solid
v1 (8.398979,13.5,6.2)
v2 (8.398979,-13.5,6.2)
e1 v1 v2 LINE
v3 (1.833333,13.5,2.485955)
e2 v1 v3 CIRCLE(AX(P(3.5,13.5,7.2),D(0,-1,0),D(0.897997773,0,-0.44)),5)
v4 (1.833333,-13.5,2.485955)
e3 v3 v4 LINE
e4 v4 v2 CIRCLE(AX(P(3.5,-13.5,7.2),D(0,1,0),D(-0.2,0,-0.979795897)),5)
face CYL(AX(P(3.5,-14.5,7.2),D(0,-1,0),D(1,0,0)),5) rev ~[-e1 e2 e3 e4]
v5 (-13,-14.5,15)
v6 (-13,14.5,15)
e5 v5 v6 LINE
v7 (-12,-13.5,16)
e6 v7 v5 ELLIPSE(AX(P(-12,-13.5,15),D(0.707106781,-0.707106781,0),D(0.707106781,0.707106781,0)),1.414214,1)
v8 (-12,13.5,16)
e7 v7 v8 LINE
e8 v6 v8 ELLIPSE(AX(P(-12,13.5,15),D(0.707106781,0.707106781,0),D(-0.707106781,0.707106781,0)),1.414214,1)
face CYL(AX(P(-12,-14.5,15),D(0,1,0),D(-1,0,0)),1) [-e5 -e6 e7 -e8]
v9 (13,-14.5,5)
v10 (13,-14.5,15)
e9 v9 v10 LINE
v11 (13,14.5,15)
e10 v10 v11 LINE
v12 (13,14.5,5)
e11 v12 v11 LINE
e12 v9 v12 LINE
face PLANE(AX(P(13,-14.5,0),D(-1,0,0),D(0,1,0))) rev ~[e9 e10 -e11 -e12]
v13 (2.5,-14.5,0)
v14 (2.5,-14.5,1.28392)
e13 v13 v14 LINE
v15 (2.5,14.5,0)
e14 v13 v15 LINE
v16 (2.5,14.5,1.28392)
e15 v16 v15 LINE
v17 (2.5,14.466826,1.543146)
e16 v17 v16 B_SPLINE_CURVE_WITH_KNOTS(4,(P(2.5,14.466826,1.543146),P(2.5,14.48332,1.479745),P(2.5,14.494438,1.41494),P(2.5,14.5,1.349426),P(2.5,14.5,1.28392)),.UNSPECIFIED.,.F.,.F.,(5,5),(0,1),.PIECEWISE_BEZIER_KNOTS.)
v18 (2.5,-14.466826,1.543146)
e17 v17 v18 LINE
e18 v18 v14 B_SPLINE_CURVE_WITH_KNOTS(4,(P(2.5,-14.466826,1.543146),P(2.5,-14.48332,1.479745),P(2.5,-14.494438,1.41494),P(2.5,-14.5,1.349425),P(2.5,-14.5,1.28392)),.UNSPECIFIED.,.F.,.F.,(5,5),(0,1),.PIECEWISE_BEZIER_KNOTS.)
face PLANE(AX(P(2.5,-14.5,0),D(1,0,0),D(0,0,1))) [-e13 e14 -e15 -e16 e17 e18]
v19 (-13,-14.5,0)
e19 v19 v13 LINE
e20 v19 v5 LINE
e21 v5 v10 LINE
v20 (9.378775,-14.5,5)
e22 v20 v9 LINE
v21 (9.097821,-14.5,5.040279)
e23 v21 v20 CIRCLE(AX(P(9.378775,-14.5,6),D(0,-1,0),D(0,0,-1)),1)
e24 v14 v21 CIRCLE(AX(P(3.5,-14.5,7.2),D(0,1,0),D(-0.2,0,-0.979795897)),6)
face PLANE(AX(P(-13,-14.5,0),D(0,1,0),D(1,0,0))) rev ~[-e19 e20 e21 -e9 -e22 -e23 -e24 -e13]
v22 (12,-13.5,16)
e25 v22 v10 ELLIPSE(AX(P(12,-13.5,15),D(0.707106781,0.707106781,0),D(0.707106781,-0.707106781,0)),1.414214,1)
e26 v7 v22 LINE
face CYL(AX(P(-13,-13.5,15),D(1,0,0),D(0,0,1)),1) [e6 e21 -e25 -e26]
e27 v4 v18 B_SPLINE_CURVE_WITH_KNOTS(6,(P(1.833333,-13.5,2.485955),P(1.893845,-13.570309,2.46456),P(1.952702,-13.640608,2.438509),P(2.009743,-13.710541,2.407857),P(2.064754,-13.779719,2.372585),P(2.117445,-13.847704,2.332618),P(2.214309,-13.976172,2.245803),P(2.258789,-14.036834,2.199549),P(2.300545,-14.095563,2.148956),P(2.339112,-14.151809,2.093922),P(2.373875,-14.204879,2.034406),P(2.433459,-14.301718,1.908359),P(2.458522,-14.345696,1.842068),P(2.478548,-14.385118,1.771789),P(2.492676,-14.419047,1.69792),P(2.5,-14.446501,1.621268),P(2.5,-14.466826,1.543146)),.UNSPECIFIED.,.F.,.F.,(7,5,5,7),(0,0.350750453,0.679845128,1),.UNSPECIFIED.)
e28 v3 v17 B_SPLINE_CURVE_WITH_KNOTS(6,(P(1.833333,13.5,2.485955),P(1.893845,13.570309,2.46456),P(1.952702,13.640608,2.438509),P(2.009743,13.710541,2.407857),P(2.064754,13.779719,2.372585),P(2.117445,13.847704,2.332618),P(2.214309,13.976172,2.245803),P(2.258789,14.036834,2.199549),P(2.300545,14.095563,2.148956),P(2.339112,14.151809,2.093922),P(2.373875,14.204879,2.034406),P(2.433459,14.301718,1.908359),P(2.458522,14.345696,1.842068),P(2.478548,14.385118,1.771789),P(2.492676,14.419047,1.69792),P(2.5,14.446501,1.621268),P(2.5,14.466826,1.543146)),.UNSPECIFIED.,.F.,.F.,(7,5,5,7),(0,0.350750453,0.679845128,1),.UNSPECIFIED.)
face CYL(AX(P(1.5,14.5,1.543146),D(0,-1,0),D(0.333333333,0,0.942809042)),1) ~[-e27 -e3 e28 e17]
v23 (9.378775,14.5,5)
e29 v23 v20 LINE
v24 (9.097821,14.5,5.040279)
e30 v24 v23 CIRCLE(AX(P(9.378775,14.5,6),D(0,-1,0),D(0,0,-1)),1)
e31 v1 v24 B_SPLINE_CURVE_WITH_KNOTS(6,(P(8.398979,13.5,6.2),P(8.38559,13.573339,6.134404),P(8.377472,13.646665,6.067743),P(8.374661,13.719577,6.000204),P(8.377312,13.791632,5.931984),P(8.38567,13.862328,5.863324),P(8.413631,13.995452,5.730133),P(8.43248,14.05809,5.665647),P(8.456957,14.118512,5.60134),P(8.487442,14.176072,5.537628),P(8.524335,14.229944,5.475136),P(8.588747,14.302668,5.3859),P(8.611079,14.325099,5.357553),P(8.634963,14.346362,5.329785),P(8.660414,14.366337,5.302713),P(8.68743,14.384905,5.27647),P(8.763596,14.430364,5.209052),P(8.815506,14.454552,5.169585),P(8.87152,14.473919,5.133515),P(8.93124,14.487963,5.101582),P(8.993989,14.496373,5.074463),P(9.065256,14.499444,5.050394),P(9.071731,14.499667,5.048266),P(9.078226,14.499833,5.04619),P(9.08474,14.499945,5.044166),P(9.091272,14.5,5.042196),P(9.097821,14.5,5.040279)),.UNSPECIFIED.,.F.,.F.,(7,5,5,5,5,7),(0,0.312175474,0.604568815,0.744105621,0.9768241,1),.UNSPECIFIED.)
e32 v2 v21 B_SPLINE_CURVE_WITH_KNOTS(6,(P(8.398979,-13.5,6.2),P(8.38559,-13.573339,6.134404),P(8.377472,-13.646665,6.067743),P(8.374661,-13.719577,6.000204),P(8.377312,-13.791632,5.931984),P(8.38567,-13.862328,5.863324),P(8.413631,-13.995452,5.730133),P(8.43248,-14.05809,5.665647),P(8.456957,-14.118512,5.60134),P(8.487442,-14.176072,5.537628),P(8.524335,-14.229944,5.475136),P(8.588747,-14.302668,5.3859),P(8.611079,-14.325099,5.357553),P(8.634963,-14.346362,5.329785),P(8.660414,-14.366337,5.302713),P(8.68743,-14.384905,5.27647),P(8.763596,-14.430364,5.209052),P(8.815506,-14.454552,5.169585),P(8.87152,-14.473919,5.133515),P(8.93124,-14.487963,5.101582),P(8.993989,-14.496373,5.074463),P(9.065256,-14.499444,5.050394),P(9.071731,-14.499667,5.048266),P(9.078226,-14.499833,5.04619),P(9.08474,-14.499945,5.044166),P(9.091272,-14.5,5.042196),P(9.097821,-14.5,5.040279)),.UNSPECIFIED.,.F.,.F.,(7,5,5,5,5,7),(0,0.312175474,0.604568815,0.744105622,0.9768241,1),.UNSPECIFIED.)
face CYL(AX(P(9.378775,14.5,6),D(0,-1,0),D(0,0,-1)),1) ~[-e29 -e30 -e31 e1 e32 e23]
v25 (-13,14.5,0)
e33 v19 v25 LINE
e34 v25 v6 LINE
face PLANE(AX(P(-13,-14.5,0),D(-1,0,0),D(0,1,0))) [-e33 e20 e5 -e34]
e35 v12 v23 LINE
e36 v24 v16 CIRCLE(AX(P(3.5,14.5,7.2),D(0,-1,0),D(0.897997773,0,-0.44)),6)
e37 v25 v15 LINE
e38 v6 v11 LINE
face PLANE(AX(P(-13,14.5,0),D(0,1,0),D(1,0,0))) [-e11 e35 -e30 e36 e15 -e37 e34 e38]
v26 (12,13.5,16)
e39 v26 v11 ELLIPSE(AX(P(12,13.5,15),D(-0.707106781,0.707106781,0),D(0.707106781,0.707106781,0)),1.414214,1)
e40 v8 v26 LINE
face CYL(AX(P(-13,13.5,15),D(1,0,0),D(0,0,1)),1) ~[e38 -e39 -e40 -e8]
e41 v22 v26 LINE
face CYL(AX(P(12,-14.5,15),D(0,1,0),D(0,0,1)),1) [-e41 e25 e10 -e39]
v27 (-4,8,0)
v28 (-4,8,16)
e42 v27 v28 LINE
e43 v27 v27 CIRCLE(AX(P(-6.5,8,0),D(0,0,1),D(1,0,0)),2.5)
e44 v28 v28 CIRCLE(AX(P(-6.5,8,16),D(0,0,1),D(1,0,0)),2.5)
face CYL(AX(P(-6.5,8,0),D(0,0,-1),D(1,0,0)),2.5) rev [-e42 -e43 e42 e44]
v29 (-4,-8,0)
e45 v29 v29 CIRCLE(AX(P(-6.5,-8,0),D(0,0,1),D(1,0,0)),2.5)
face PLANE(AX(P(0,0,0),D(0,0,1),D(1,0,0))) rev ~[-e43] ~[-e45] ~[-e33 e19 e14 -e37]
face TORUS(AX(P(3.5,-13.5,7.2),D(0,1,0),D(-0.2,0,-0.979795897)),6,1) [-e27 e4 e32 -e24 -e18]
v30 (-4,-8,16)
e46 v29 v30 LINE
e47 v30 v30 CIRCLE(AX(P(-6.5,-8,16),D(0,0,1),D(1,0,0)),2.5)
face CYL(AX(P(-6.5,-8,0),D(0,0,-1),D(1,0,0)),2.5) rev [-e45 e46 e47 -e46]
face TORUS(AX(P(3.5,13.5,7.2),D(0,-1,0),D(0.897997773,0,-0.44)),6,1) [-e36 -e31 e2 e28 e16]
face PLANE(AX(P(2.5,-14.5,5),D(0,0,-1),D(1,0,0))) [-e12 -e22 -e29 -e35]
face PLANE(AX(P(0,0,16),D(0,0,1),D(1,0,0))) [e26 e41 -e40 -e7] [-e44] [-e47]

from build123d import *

# Parameters (mm, degrees)
F0_W     = 26
F0_H     = 29
F0_R     = 2.5
F1_DEPTH = 16
F2_R     = 5
F3_DEPTH = 60
F4_W     = 10.5
F4_H     = 5
F5_DEPTH = 60
F6_R     = 1


with BuildPart() as f1:
    # F0 (on Top) → F1 (new body)
    with BuildSketch(Plane.XY):
        Rectangle(F0_W, F0_H)
        with Locations((-6.5, -8)):
            Circle(F0_R, mode=Mode.SUBTRACT)
        with Locations((-6.5, 8)):
            Circle(F0_R, mode=Mode.SUBTRACT)
    extrude(amount=F1_DEPTH)

    # F2 (on face) → F3 (cut)
    with BuildSketch(Plane.XZ.offset(14.5)):
        with Locations((3.5, 7.2)):
            Circle(F2_R)
    extrude(amount=-F3_DEPTH, mode=Mode.SUBTRACT)

    # F4 (on face) → F5 (cut)
    with BuildSketch(Plane.XZ.offset(14.5)):
        with Locations((7.75, 2.5)):
            Rectangle(F4_W, F4_H)
    extrude(amount=-F5_DEPTH, mode=Mode.SUBTRACT)

    # F6
    f6_edges = [f1.edges().sort_by_distance(p)[0] for p in [
        (0, -14.5, 16),
        (-13, 0, 16),
        (13, 0, 16),
        (0, 14.5, 16),
        (7.989989, 0, 5),
        (2.5, 0, 2.301021),
        (1.29407, -14.5, 11.687078),
        (1.29407, 14.5, 11.687078),
    ]]
    fillet(f6_edges, radius=F6_R)


solid = f1.part
